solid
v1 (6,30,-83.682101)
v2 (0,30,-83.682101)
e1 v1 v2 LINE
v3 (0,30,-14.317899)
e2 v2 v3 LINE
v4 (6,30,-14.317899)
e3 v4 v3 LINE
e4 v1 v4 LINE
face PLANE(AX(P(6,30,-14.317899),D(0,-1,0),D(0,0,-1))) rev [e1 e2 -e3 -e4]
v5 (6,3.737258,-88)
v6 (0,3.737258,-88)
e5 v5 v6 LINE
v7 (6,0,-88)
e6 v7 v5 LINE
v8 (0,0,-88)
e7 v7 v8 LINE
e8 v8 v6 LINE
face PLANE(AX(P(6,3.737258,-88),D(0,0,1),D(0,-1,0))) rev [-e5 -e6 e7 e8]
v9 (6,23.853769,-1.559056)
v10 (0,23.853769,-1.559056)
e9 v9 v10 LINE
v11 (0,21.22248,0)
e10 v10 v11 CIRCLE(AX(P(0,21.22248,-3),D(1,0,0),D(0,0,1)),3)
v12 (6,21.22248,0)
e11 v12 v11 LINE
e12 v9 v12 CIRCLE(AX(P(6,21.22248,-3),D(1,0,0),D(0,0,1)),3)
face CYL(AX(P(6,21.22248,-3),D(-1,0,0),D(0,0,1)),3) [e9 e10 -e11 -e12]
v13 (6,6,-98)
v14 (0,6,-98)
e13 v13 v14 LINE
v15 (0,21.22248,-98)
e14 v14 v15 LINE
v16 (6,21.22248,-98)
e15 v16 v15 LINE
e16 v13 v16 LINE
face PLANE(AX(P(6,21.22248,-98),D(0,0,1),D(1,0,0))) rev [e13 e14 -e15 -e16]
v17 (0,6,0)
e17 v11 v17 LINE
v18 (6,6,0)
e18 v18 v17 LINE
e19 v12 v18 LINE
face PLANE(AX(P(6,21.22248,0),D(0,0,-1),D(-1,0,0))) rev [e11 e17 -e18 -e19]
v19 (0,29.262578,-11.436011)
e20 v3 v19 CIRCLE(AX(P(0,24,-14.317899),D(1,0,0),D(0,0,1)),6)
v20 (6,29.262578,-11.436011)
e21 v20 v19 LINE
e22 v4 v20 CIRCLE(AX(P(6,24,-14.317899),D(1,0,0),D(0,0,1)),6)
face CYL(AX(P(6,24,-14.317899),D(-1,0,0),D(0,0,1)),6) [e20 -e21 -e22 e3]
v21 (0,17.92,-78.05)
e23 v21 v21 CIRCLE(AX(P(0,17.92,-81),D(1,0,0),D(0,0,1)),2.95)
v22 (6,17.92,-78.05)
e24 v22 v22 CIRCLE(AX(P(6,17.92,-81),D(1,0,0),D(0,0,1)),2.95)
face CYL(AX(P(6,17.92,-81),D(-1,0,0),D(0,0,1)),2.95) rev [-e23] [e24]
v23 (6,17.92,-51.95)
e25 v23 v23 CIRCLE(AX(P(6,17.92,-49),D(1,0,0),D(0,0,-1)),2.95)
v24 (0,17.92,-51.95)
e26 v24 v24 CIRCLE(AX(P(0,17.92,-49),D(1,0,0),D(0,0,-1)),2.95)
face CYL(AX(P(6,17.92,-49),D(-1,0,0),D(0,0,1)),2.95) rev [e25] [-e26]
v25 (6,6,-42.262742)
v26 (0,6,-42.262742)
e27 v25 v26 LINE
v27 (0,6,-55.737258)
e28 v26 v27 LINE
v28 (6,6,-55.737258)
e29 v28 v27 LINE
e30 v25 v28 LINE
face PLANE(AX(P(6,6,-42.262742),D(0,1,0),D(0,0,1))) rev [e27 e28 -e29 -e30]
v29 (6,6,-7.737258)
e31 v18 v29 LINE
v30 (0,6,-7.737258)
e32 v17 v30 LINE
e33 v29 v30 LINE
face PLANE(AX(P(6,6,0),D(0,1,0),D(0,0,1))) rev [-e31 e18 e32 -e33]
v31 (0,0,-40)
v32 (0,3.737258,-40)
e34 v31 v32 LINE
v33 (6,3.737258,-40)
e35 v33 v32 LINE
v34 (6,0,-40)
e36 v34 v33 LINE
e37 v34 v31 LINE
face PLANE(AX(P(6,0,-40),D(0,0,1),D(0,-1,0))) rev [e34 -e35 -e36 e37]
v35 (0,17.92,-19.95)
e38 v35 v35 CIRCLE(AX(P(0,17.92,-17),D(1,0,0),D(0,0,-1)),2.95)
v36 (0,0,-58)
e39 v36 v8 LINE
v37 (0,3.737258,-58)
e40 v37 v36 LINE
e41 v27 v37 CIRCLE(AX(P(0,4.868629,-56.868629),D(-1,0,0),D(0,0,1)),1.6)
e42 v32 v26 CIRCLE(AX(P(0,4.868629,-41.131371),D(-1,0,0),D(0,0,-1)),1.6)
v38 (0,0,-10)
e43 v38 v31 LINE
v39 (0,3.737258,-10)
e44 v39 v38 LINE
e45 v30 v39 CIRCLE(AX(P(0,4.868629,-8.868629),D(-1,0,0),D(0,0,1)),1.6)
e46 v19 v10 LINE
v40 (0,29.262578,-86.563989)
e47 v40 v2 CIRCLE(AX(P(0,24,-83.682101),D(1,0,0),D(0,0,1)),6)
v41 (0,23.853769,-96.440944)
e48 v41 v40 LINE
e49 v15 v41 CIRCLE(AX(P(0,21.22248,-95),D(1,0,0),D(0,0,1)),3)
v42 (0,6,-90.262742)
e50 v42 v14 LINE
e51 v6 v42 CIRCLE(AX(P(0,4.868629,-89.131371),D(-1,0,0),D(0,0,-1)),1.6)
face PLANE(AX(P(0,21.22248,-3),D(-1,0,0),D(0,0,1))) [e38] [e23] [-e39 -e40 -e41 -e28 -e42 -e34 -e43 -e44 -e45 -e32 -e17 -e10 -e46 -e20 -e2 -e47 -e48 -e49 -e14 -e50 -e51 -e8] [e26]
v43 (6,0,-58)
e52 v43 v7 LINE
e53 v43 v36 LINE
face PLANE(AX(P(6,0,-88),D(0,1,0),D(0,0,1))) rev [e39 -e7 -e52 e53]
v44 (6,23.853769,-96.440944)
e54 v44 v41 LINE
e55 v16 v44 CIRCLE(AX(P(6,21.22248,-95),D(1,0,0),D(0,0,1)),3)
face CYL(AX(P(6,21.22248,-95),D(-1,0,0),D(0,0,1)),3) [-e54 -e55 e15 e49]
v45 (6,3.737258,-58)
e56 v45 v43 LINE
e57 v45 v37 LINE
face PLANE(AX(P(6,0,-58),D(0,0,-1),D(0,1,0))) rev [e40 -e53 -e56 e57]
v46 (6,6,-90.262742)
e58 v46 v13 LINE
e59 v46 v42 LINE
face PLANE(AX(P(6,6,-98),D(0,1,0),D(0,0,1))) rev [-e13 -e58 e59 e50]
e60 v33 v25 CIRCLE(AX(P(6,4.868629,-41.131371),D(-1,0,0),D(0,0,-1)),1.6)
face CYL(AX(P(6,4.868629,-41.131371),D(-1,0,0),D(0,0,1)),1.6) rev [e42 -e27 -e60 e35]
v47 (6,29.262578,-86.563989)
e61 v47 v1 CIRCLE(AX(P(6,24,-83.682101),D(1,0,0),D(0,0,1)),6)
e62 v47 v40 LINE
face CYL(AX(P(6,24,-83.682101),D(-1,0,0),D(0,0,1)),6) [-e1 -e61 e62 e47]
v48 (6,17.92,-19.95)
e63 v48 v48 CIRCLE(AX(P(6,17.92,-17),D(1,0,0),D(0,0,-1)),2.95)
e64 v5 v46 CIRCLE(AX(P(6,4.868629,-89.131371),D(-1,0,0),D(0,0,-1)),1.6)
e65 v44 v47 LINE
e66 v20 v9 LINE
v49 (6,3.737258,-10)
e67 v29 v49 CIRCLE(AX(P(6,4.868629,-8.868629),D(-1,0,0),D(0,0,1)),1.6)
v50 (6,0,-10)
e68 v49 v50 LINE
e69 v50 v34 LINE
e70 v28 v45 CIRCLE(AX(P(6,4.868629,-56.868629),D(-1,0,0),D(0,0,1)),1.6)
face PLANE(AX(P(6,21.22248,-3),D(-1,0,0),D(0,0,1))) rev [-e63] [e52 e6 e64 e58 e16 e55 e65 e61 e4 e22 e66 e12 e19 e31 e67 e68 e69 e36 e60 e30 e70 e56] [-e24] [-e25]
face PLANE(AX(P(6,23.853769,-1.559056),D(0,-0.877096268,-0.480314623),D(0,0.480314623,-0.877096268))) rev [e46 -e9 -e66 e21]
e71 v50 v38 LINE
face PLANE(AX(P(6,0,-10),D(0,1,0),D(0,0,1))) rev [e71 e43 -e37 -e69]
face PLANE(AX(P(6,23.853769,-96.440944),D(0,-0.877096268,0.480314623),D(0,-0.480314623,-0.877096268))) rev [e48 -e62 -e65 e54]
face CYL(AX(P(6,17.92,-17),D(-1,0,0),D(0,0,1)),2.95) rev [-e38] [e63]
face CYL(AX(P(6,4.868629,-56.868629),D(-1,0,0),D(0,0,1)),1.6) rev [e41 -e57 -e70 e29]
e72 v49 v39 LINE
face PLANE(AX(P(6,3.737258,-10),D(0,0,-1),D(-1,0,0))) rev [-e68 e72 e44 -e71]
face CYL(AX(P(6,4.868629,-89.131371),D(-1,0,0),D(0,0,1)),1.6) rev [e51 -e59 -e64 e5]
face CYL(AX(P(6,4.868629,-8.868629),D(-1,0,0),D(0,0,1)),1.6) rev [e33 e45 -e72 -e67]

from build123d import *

# Parameters (mm, degrees)
ESQUISSE2_R      = 2.95
EXTRUSION1_DEPTH = 6


with BuildPart() as part:
    # Esquisse2 → Extrusion1 (new body)
    with BuildSketch(Plane(origin=(0, 0, 0), x_dir=(0, 0, -1), z_dir=(1, 0, 0))):
        with BuildLine():
            Line((1.559056131, 23.853768834), (11.436011282, 29.262577607))
            ThreePointArc((11.436011282, 29.262577607), (12.830529806, 29.812721636), (14.31789902, 30))
            Line((14.31789902, 30), (83.68210098, 30))
            ThreePointArc((83.68210098, 30), (85.169470194, 29.812721636), (86.563988718, 29.262577607))
            Line((86.563988718, 29.262577607), (96.440943869, 23.853768834))
            ThreePointArc((96.440943869, 23.853768834), (97.580971872, 22.751723045), (98, 21.22248003))
            Line((98, 21.22248003), (98, 6))
            Line((98, 6), (90.2627417, 6))
            ThreePointArc((90.2627417, 6), (88, 6), (88, 3.7372583))
            Line((88, 3.7372583), (88, 0))
            Line((88, 0), (58, 0))
            Line((58, 0), (58, 3.7372583))
            ThreePointArc((58, 3.7372583), (58, 6), (55.7372583, 6))
            Line((55.7372583, 6), (42.2627417, 6))
            ThreePointArc((42.2627417, 6), (40, 6), (40, 3.7372583))
            Line((40, 3.7372583), (40, 0))
            Line((40, 0), (10, 0))
            Line((10, 0), (10, 3.7372583))
            ThreePointArc((10, 3.7372583), (10, 6), (7.7372583, 6))
            Line((7.7372583, 6), (0, 6))
            Line((0, 6), (0, 21.22248003))
            ThreePointArc((0, 21.22248003), (0.419028128, 22.751723045), (1.559056131, 23.853768834))
        make_face()
        with Locations((17, 17.92)):
            Circle(ESQUISSE2_R, mode=Mode.SUBTRACT)
        with Locations(Location((81, 17.92, 0), (0, 0, 180))):  # turned: the seam where the file's is
            Circle(ESQUISSE2_R, mode=Mode.SUBTRACT)
        with Locations((49, 17.92)):
            Circle(ESQUISSE2_R, mode=Mode.SUBTRACT)
    extrude(amount=EXTRUSION1_DEPTH)


solid = part.part
